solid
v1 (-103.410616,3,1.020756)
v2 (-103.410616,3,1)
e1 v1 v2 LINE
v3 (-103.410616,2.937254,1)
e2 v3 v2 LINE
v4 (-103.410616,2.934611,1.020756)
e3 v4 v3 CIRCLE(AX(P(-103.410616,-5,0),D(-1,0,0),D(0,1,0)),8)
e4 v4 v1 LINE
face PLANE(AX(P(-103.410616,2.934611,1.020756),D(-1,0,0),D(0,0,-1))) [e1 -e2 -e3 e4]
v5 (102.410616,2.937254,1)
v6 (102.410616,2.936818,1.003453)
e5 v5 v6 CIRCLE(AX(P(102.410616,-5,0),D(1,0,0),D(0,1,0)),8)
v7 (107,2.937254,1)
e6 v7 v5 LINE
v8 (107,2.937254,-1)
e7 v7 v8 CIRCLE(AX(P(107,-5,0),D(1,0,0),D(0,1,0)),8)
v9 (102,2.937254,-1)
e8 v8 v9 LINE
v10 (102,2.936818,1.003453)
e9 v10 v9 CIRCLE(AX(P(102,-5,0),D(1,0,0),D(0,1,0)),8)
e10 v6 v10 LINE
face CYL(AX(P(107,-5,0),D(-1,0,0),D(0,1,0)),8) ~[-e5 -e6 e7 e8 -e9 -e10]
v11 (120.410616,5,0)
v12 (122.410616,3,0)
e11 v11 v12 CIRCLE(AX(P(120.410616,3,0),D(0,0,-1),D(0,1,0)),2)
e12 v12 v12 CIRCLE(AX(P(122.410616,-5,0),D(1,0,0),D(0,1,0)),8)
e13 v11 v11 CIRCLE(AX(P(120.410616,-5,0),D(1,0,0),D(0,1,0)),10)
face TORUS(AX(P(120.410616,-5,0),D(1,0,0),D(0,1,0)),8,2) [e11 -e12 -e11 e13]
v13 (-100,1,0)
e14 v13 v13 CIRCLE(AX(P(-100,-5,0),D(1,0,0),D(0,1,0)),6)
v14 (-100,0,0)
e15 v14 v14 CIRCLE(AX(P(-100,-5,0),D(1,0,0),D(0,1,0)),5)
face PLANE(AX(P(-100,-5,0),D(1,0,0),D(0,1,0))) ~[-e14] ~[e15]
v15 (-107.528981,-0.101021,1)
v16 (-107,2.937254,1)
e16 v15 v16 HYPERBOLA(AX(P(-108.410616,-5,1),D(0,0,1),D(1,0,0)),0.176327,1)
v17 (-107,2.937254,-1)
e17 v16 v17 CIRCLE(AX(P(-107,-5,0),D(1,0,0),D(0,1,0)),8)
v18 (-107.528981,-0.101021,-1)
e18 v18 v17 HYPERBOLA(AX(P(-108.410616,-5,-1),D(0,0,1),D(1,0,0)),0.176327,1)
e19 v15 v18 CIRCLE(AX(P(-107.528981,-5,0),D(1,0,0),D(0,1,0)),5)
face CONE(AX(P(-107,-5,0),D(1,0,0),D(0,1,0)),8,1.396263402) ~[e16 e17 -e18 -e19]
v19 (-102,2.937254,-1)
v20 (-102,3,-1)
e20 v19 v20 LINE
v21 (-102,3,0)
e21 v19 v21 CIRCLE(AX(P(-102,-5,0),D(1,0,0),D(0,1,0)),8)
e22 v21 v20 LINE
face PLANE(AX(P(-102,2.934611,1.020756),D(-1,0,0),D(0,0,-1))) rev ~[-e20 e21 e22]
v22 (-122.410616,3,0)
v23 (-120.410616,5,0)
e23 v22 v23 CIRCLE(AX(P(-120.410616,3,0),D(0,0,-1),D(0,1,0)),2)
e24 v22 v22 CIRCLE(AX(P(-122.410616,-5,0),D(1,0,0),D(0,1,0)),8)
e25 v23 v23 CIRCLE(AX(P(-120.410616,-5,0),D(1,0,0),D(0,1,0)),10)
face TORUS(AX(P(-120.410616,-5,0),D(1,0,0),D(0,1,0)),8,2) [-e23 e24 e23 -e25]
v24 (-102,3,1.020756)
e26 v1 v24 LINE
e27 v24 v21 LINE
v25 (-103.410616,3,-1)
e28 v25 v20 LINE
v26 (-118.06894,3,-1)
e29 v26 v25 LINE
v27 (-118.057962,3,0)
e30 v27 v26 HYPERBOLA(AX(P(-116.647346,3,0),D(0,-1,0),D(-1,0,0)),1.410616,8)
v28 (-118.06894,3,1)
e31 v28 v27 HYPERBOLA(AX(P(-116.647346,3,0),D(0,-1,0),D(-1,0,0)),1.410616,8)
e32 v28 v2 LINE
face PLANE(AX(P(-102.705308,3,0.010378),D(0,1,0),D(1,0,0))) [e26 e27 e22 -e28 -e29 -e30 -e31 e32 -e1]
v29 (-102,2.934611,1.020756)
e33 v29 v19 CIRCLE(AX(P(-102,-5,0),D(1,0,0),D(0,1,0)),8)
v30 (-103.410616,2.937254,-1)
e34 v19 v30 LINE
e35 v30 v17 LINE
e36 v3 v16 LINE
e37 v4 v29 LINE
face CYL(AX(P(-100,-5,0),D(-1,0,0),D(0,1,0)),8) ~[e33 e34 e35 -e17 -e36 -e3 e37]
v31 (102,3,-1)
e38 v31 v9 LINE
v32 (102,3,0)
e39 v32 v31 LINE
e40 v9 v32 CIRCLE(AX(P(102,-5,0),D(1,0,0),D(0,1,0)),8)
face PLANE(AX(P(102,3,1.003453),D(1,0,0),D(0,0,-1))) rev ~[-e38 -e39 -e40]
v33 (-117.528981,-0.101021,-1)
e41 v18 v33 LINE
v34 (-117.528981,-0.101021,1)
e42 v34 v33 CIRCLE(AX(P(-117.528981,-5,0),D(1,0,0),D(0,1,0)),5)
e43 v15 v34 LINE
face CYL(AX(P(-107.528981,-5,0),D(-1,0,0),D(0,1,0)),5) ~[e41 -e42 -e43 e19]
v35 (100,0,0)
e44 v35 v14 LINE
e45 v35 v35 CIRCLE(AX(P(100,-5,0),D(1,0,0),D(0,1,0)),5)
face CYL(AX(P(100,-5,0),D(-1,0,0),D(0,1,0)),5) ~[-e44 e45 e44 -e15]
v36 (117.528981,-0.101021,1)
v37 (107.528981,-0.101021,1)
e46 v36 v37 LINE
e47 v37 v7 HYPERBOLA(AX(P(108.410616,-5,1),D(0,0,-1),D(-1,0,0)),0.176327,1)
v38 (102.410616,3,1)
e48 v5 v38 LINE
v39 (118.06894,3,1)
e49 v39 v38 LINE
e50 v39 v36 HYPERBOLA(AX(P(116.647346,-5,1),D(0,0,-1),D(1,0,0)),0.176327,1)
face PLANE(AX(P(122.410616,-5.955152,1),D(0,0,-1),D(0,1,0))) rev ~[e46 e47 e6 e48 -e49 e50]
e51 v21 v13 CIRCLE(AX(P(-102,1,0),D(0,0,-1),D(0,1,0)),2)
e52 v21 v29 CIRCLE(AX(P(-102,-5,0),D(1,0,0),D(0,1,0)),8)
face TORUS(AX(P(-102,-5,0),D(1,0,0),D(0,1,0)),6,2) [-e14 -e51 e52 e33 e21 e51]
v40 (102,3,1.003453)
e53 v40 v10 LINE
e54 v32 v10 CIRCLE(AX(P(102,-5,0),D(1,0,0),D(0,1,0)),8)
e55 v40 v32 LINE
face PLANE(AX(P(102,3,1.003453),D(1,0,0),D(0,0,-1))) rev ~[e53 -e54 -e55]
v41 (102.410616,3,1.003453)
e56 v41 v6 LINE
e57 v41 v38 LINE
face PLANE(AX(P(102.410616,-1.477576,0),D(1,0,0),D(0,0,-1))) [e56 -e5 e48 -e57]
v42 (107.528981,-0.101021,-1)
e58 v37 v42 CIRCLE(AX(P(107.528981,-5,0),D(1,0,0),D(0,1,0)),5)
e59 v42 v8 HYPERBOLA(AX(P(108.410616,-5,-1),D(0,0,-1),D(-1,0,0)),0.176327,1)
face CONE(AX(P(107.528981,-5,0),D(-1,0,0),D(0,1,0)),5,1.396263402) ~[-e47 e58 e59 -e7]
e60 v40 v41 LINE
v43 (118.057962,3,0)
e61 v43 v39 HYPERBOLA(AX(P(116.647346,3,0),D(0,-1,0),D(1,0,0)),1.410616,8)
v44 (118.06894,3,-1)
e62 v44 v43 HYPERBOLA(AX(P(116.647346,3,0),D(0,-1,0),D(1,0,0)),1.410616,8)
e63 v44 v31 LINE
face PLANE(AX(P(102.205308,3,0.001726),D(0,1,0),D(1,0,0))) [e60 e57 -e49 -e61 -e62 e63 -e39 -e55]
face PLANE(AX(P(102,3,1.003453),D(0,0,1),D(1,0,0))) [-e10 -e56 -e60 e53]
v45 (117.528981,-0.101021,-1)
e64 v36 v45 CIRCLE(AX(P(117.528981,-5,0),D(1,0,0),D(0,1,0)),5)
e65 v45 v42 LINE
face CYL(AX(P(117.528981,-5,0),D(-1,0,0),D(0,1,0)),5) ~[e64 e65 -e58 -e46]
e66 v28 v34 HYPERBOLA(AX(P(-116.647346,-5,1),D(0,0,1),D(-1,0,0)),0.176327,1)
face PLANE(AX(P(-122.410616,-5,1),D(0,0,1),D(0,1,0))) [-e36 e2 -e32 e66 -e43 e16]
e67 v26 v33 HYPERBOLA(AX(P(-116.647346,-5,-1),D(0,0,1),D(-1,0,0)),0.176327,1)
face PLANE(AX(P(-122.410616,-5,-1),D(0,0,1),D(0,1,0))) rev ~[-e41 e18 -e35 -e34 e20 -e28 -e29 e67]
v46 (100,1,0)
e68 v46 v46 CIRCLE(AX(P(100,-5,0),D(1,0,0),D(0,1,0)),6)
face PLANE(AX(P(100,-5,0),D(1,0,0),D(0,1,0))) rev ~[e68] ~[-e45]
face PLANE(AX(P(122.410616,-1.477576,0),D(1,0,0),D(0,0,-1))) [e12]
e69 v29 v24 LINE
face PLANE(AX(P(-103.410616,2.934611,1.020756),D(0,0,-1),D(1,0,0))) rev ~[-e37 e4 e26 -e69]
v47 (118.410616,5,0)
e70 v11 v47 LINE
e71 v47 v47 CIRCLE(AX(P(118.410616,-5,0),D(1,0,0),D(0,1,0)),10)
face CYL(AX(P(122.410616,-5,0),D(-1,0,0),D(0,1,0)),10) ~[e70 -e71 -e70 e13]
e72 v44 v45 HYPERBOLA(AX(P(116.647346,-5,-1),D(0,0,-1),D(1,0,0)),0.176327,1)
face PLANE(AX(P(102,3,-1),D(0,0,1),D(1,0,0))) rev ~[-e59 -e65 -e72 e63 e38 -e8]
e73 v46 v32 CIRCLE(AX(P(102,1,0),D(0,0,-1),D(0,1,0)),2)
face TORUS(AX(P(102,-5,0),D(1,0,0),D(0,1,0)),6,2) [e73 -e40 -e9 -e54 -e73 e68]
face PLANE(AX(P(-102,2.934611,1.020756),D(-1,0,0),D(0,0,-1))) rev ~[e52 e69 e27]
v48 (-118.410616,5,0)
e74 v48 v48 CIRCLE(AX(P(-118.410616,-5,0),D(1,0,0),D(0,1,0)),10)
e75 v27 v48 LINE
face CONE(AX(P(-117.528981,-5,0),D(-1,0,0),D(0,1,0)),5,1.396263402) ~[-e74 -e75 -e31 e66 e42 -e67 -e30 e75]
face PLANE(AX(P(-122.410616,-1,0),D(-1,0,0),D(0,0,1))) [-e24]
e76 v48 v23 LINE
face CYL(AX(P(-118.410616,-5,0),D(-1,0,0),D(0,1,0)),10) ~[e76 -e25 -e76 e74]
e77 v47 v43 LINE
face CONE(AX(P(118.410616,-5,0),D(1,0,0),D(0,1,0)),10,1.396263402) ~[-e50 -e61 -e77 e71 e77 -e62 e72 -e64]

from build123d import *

# Parameters (mm, degrees)
SKETCH3_W           = 2
SKETCH3_H           = 8.955152332
BOSS_EXTRUDE1_DEPTH = 20
SKETCH4_W           = 2
SKETCH4_H           = 8
BOSS_EXTRUDE2_DEPTH = 19
FILLET1_R           = 2
BOSS_EXTRUDE4_START = -0.065389
SKETCH6_W           = 1.410615846
SKETCH6_H           = 2.020756053
BOSS_EXTRUDE4_DEPTH = 0.065389
BOSS_EXTRUDE5_REACH = 20
SKETCH7_W           = 0.410615846
SKETCH7_H           = 2.003452902


with BuildPart() as part:
    # Sketch2 → Revolve2 (revolve)
    with BuildSketch(Plane.XY):
        Polygon((100, 3), (100, 0), (-100, 0), (-100, 3), (-107, 3), (-107.528980942, 0), (-117.528980942, 0), (-118.410615846, 5), (-122.410615846, 5), (-122.410615846, -5), (122.410615846, -5), (122.410615846, 5), (118.410615846, 5), (117.528980942, 0), (107.528980942, 0), (107, 3), align=None)
    revolve(axis=Axis((-122.410615846, -5, 0), (1, 0, 0)))

    # Sketch3 → Boss-Extrude1 (add)
    with BuildSketch(Plane(origin=(122.410615846, 0, 0), x_dir=(0, 0, -1), z_dir=(1, 0, 0))):
        with Locations((0, -1.477576166)):
            Rectangle(SKETCH3_W, SKETCH3_H)
    extrude(amount=-BOSS_EXTRUDE1_DEPTH)

    # Sketch4 → Boss-Extrude2 (add)
    with BuildSketch(Plane.ZY.offset(122.410615846)):
        with Locations((0, -1)):
            Rectangle(SKETCH4_W, SKETCH4_H)
    extrude(amount=-BOSS_EXTRUDE2_DEPTH)

    # Fillet1
    fillet1_edges = [part.edges().sort_by_distance(p)[0] for p in [
        (-122.410615846, -15, 0),
        (-100, -13, 0),
        (100, -13, 0),
        (122.410615846, -15, 0),
    ]]
    fillet(fillet1_edges, radius=FILLET1_R)

    # Sketch6 → Boss-Extrude4 (add)
    with BuildSketch(Plane(origin=(0, 3, 0), x_dir=(1, 0, 0), z_dir=(0, 1, 0)).offset(BOSS_EXTRUDE4_START)):
        with Locations((-102.705307923, -0.010378027)):
            Rectangle(SKETCH6_W, SKETCH6_H)
    extrude(amount=BOSS_EXTRUDE4_DEPTH)

    # Sketch7 → Boss-Extrude5 (add, up to next)
    with BuildSketch(Plane(origin=(0, 3, 0), x_dir=(1, 0, 0), z_dir=(0, 1, 0)), mode=Mode.PRIVATE) as boss_extrude5_sk1:
        with Locations((102.205307923, -0.001726451)):
            Rectangle(SKETCH7_W, SKETCH7_H)
    boss_extrude5_tool1 = extrude(boss_extrude5_sk1.sketch, amount=-BOSS_EXTRUDE5_REACH, mode=Mode.PRIVATE) - part.part
    add(boss_extrude5_tool1.solids().sort_by_distance((102.205308, 3, 0.001726))[0])
    add(boss_extrude5_tool1.solids().sort_by_distance((102.205308, 3, 0.001726))[1])


solid = part.part
